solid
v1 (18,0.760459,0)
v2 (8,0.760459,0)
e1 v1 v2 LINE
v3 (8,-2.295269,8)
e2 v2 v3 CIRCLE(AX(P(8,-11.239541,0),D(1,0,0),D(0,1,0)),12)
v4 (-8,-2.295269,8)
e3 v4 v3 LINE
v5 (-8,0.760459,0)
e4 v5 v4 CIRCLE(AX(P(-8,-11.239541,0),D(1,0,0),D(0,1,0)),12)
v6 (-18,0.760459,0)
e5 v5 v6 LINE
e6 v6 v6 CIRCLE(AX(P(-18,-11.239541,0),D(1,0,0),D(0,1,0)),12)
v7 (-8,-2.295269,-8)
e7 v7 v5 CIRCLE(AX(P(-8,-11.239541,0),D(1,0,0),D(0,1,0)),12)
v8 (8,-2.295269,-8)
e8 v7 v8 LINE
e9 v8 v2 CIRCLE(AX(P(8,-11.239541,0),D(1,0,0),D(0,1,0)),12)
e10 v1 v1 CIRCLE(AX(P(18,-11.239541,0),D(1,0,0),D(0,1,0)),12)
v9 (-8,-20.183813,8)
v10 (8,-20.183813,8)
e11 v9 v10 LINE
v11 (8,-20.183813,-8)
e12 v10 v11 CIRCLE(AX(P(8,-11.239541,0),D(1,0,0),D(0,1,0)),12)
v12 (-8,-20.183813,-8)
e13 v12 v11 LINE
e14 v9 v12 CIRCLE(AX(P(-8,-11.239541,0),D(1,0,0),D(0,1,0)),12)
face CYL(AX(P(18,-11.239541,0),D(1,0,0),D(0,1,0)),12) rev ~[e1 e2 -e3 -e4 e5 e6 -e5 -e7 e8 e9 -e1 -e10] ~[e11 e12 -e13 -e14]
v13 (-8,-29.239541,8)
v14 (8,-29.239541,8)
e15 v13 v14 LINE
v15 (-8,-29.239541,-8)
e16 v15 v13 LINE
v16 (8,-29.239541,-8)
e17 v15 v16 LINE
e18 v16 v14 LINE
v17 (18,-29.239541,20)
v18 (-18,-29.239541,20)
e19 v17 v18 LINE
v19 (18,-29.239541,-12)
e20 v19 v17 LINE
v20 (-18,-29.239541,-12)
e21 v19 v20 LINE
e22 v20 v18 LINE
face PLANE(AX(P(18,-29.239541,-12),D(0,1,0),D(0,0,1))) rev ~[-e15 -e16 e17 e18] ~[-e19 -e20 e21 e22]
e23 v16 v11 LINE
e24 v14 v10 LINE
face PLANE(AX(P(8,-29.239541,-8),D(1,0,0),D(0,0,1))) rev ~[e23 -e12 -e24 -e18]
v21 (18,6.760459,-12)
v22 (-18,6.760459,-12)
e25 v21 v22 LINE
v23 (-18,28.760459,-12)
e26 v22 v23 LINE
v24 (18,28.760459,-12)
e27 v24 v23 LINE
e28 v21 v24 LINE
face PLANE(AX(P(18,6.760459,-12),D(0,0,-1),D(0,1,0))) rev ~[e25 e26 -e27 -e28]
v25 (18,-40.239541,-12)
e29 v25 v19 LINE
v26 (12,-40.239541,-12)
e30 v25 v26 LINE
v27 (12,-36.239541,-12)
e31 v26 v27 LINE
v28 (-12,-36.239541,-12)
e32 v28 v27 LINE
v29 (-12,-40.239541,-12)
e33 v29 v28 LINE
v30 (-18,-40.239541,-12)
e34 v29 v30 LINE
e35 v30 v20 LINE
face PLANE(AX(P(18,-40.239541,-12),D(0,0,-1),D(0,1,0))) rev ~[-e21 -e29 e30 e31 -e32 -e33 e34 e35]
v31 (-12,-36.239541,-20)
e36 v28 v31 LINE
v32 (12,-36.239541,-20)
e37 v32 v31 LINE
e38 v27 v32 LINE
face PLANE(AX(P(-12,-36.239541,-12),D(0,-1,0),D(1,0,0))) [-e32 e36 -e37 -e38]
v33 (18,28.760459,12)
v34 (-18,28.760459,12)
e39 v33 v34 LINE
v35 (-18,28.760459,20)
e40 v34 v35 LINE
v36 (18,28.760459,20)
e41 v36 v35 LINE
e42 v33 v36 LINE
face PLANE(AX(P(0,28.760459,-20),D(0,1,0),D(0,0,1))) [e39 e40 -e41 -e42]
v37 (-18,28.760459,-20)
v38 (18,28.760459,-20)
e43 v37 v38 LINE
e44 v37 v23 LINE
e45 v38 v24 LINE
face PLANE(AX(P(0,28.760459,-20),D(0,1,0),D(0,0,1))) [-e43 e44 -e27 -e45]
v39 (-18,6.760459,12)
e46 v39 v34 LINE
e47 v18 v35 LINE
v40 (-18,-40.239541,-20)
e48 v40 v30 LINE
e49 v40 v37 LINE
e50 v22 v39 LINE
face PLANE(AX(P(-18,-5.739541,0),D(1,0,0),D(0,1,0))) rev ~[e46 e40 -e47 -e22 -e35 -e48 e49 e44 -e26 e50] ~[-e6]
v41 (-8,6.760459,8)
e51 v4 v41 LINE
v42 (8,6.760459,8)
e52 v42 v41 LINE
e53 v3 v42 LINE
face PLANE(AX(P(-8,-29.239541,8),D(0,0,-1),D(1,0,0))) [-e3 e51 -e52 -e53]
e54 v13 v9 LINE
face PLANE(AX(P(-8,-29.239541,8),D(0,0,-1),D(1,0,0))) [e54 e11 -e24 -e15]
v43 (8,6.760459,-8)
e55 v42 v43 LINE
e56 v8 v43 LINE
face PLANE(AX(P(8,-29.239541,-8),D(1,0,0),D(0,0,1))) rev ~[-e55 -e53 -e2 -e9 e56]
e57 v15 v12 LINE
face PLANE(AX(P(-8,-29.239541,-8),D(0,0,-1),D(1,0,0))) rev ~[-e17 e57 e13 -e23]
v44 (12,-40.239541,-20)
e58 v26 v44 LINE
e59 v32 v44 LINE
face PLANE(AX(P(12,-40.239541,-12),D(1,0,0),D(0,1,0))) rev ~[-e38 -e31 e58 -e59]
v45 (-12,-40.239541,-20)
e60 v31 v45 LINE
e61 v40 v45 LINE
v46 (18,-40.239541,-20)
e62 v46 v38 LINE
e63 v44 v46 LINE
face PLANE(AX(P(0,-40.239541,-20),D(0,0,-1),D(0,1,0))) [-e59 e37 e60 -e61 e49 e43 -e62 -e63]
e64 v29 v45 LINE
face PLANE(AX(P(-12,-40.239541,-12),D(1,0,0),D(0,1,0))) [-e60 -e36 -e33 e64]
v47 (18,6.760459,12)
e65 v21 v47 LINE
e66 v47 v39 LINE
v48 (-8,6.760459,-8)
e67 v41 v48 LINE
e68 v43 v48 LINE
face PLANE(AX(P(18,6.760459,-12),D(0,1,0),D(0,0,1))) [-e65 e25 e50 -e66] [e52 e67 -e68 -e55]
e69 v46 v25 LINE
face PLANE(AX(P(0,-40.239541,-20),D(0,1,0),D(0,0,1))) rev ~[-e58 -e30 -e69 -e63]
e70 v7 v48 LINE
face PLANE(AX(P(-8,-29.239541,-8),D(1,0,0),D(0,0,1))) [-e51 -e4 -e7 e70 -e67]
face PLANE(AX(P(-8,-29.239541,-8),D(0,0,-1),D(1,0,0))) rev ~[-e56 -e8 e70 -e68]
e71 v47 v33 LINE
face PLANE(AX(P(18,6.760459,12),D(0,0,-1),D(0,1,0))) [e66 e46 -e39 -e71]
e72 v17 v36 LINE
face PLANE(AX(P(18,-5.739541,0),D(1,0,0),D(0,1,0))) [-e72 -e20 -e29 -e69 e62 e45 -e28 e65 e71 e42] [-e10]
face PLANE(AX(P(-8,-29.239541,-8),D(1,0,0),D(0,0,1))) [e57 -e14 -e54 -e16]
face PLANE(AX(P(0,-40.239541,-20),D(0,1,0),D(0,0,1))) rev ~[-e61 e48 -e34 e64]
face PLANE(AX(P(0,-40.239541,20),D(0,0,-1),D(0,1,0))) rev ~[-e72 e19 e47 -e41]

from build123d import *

# Parameters (mm, degrees)
F0_W      = 69
F0_H      = 40
F1_DEPTH  = 18
F2_W      = 11
F2_H      = 32
F3_DEPTH  = 36.001
F4_W      = 22
F4_H      = 24
F5_DEPTH  = 36.001
F6_R      = 12
F7_DEPTH  = 36.001
F8_W      = 16
F8_H      = 16
F9_DEPTH  = 58.001
F10_W     = 24
F10_H     = 4
F11_DEPTH = 8.001


with BuildPart() as f1:
    # F0 (on Right) → F1 (new body, symmetric)
    with BuildSketch(Plane.YZ):
        with Locations((-5.739541, 0)):
            Rectangle(F0_W, F0_H)
    extrude(amount=F1_DEPTH, both=True)

    # F2 (on face) → F3 (cut, through all)
    with BuildSketch(Plane.YZ.offset(18)):
        with Locations((-34.739541, 4)):
            Rectangle(F2_W, F2_H)
    extrude(amount=-F3_DEPTH, mode=Mode.SUBTRACT)

    # F4 (on face) → F5 (cut, through all)
    with BuildSketch(Plane.YZ.offset(18)):
        with Locations((17.760459, 0)):
            Rectangle(F4_W, F4_H)
    extrude(amount=-F5_DEPTH, mode=Mode.SUBTRACT)

    # F6 (on face) → F7 (cut, through all)
    with BuildSketch(Plane.YZ.offset(18)):
        with Locations((-11.239541, 0)):
            Circle(F6_R)
    extrude(amount=-F7_DEPTH, mode=Mode.SUBTRACT)

    # F8 (on face) → F9 (cut, through all)
    with BuildSketch(Plane.XZ.offset(29.239541)):
        Rectangle(F8_W, F8_H)
    extrude(amount=-F9_DEPTH, mode=Mode.SUBTRACT)

    # F10 (on face) → F11 (cut, through all)
    with BuildSketch(Plane.XY.offset(-12)):
        with Locations((0, -38.239541)):
            Rectangle(F10_W, F10_H)
    extrude(amount=-F11_DEPTH, mode=Mode.SUBTRACT)


solid = f1.part
